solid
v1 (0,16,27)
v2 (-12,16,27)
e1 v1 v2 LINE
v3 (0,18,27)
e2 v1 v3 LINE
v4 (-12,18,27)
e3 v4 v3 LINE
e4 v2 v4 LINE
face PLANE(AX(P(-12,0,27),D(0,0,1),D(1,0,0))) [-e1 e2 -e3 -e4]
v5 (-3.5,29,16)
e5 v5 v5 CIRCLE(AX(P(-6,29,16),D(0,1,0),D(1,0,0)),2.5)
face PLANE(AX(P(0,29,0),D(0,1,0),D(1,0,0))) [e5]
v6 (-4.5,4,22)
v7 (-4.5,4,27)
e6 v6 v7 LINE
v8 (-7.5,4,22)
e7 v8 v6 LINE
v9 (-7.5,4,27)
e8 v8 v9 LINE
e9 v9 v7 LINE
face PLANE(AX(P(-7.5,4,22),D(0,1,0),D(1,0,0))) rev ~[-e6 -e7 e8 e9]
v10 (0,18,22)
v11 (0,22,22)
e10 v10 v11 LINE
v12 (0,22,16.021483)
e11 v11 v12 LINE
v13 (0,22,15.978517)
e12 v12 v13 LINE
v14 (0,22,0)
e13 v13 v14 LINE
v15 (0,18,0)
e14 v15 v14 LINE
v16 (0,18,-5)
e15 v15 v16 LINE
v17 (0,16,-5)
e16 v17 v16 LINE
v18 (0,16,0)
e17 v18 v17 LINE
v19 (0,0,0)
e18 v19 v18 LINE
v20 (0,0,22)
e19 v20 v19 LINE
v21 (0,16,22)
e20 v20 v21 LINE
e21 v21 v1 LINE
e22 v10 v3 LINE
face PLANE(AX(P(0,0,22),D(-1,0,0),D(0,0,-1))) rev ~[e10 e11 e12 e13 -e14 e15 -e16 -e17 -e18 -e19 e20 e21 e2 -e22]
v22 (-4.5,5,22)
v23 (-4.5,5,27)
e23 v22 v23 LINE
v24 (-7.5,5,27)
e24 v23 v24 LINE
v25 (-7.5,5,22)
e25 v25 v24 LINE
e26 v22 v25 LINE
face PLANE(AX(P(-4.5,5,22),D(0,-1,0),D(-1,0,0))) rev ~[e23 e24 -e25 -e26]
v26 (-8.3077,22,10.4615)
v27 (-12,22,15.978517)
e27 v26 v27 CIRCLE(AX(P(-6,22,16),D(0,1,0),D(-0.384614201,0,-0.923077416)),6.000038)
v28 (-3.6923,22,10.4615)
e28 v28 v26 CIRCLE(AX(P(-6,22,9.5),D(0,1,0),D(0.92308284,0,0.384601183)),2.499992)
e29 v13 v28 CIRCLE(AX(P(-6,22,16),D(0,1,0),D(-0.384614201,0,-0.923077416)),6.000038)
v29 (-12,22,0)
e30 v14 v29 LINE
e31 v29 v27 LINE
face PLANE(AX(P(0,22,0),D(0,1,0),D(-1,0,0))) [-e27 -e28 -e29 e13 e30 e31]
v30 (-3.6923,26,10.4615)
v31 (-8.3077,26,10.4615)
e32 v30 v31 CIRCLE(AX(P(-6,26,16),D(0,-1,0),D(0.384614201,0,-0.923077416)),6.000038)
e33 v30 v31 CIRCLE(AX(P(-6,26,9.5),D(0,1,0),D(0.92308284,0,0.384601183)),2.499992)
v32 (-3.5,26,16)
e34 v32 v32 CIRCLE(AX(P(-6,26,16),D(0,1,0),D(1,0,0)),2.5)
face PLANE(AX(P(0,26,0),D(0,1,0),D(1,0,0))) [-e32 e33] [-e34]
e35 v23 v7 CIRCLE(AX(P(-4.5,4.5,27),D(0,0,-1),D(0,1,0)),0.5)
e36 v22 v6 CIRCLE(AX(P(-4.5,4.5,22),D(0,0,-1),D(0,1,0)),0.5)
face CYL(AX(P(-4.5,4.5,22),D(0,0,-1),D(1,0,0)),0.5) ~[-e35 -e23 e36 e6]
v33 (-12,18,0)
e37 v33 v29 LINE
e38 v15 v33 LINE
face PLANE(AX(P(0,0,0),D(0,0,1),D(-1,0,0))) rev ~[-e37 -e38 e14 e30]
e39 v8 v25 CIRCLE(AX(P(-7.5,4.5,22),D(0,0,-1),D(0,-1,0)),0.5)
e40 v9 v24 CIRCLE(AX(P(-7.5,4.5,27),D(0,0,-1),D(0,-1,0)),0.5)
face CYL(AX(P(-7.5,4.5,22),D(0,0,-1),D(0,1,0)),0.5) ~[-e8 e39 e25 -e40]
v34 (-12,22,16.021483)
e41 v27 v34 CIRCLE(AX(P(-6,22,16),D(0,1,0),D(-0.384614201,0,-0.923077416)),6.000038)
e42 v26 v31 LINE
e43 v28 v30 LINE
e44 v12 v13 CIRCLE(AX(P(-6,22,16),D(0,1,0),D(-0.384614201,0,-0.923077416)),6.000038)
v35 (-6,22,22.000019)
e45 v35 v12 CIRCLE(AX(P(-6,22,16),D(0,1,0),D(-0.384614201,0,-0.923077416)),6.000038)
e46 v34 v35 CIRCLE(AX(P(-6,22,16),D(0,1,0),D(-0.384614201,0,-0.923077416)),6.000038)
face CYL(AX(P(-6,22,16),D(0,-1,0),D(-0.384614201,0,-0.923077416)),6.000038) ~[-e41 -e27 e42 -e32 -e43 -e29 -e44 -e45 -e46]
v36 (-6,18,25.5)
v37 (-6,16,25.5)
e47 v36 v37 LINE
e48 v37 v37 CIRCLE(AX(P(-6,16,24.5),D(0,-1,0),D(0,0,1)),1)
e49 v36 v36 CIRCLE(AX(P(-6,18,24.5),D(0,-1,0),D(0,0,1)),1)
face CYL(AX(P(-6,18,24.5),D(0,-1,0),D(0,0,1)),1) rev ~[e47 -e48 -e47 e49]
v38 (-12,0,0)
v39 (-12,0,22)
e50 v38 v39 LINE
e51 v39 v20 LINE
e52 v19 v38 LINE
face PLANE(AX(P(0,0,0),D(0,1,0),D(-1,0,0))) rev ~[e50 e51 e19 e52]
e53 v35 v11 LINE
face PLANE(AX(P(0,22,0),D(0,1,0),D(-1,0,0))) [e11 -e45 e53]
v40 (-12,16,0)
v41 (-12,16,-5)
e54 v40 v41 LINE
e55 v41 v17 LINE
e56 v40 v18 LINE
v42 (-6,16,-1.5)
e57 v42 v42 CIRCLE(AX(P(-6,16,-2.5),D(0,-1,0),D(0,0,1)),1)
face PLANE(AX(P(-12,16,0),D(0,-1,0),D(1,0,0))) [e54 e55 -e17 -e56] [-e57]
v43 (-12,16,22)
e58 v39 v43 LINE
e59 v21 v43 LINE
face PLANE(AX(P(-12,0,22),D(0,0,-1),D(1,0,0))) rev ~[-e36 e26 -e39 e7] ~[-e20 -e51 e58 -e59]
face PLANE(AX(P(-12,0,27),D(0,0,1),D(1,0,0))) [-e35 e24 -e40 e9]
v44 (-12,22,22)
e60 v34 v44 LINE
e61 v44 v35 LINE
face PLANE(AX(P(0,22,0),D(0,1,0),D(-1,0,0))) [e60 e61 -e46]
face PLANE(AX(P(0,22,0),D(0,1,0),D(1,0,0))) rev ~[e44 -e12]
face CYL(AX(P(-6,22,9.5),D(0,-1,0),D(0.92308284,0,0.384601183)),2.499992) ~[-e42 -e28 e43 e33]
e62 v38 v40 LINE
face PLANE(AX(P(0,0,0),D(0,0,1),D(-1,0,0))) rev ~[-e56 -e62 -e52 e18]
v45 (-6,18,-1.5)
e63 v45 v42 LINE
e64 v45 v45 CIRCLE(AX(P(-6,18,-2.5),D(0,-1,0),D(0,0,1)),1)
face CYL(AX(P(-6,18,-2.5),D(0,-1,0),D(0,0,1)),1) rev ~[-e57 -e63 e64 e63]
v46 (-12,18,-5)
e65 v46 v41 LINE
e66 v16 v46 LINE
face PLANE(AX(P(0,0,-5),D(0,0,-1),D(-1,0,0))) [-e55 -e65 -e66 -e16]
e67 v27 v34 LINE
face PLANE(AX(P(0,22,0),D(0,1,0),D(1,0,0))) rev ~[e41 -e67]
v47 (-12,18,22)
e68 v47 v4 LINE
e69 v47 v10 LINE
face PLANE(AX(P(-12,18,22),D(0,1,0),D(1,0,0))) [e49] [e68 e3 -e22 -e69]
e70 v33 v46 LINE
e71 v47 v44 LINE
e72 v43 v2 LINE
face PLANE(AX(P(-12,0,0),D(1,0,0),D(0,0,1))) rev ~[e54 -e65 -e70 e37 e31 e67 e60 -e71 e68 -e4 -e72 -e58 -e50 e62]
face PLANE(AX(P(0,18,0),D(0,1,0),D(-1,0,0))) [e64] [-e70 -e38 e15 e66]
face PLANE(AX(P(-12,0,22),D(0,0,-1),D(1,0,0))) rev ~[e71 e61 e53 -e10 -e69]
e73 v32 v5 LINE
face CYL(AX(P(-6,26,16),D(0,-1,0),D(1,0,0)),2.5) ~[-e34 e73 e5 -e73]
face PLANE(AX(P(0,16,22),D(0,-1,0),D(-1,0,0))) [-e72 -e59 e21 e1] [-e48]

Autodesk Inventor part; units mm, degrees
ref_plane "YZ Plane" through (0, 0, 0) normal (1, 0, 0) x (0, 1, 0)
ref_plane "XZ Plane" through (0, 0, 0) normal (0, 1, 0) x (-1, 0, 0)
ref_plane "XY Plane" through (0, 0, 0) normal (0, 0, 1) x (1, 0, 0)
sketch "Szkic1" plane through (0, 0, 0) normal (0, 1, 0) x (-1, 0, 0)
  line L0 (0, 0) -> (12, 0)
  line L1 (12, 0) -> (12, 22)
  line L2 (12, 22) -> (0, 22)
  line L3 (0, 22) -> (0, 0)
  dimension "d0" = 12
  dimension "d1" = 22
extrude "Wyciągnięcie proste1" add sketch "Szkic1" along normal blind 22
sketch "Szkic2" plane through (-12, 0, 22) normal (0, 0, 1) x (1, 0, 0)
  line L0 (0, 0) -> (0, 22) projected
  line L1 (12, 0) -> (12, 22) projected
  line L2 (0, 18) -> (12, 18)
  line L3 (12, 18) -> (12, 16)
  line L4 (12, 16) -> (0, 16)
  line L5 (0, 16) -> (0, 18)
  line L6 (0, 22) -> (12, 22) projected
  dimension "d4" = 2
  dimension "d5" = 4
extrude "Wyciągnięcie proste2" add sketch "Szkic2" along normal blind 5 contours L0 L2 L1 L4
sketch "Szkic3" plane through (0, 0, 0) normal (0, 0, -1) x (-1, 0, 0)
  line L0 (0, 16) -> (0, 18) projected
  line L1 (12, 16) -> (0, 16) projected
  line L2 (0, 18) -> (12, 18)
  line L3 (12, 18) -> (12, 16)
  line L4 (12, 16) -> (0, 16)
  line L5 (0, 16) -> (0, 18)
  point P0 (0, 0)
extrude "Wyciągnięcie proste3" add sketch "Szkic3" along normal blind 5
sketch "Szkic4" plane through (-12, 18, 0) normal (0, 1, 0) x (1, 0, 0)
  line L0 (0, 5) -> (12, 5) projected
  point P0 (12, 0)
  point P1 (6, 2.5)
  point P2 (6, -24.839)
  dimension "d10" = 2.5
hole "Otwór1" at (-6, 18, -2.5) direction (0, -1, 0) diameter 2 end through all
sketch "Szkic5" plane through (-12, 18, 22) normal (0, 1, 0) x (1, 0, 0)
  line L0 (12, -5) -> (0, -5) projected
  point P0 (12, 22)
  point P1 (6, -2.5)
  dimension "d18" = 2.5
hole "Otwór2" at (-6, 18, 24.5) direction (0, -1, 0) diameter 2 end through all
sketch "Szkic6" plane through (0, 22, 0) normal (0, 1, 0) x (1, 0, 0)
  line L0 (-12, -22) -> (0, -22) projected
  arc A0 (-8.3077, -10.4615) -> (-3.6923, -10.4615) centre (-6, -16) ccw
  line L1 (0, 0) -> (-12, 0) projected
  arc A1 (-3.6923, -10.4615) -> (-8.3077, -10.4615) centre (-6, -9.5) ccw
  dimension "d26" = 6
  dimension "d27" = 9.5
  dimension "d28" = 5
extrude "Wyciągnięcie proste4" add sketch "Szkic6" along normal blind 4
sketch "Szkic7" plane through (0, 26, 0) normal (0, 1, 0) x (1, 0, 0)
  circle A0 centre (-6, -16) radius 2.5
  arc A1 (-8.3077, -10.4615) -> (-3.6923, -10.4615) centre (-6, -16) ccw projected
  point P0 (0, 0)
  dimension "d31" = 5
extrude "Wyciągnięcie proste5" add sketch "Szkic7" along normal blind 3
sketch "Szkic8" plane through (-12, 0, 22) normal (0, 0, 1) x (1, 0, 0)
  line L0 (4.5, 4) -> (7.5, 4)
  line L1 (8, 4.5) -> (8, 4.5)
  line L2 (7.5, 5) -> (4.5, 5)
  line L3 (4, 4.5) -> (4, 4.5)
  line L4 (0, 0) -> (12, 0) projected
  line L5 (12, 0) -> (12, 16) projected
  arc A0 (4.5, 5) -> (4, 4.5) centre (4.5, 4.5) ccw
  arc A1 (4, 4.5) -> (4.5, 4) centre (4.5, 4.5) ccw
  arc A2 (8, 4.5) -> (7.5, 5) centre (7.5, 4.5) ccw
  arc A3 (7.5, 4) -> (8, 4.5) centre (7.5, 4.5) ccw
  point P0 (8, 5)
  point P1 (8, 4)
  point P2 (4, 5)
  dimension "d34" = 4
  dimension "d35" = 1
  dimension "d36" = 4
  dimension "d37" = 4
  dimension "d38" = 0.5
extrude "Wyciągnięcie proste6" add sketch "Szkic8" along normal blind 5
properties part number "towerpro"
